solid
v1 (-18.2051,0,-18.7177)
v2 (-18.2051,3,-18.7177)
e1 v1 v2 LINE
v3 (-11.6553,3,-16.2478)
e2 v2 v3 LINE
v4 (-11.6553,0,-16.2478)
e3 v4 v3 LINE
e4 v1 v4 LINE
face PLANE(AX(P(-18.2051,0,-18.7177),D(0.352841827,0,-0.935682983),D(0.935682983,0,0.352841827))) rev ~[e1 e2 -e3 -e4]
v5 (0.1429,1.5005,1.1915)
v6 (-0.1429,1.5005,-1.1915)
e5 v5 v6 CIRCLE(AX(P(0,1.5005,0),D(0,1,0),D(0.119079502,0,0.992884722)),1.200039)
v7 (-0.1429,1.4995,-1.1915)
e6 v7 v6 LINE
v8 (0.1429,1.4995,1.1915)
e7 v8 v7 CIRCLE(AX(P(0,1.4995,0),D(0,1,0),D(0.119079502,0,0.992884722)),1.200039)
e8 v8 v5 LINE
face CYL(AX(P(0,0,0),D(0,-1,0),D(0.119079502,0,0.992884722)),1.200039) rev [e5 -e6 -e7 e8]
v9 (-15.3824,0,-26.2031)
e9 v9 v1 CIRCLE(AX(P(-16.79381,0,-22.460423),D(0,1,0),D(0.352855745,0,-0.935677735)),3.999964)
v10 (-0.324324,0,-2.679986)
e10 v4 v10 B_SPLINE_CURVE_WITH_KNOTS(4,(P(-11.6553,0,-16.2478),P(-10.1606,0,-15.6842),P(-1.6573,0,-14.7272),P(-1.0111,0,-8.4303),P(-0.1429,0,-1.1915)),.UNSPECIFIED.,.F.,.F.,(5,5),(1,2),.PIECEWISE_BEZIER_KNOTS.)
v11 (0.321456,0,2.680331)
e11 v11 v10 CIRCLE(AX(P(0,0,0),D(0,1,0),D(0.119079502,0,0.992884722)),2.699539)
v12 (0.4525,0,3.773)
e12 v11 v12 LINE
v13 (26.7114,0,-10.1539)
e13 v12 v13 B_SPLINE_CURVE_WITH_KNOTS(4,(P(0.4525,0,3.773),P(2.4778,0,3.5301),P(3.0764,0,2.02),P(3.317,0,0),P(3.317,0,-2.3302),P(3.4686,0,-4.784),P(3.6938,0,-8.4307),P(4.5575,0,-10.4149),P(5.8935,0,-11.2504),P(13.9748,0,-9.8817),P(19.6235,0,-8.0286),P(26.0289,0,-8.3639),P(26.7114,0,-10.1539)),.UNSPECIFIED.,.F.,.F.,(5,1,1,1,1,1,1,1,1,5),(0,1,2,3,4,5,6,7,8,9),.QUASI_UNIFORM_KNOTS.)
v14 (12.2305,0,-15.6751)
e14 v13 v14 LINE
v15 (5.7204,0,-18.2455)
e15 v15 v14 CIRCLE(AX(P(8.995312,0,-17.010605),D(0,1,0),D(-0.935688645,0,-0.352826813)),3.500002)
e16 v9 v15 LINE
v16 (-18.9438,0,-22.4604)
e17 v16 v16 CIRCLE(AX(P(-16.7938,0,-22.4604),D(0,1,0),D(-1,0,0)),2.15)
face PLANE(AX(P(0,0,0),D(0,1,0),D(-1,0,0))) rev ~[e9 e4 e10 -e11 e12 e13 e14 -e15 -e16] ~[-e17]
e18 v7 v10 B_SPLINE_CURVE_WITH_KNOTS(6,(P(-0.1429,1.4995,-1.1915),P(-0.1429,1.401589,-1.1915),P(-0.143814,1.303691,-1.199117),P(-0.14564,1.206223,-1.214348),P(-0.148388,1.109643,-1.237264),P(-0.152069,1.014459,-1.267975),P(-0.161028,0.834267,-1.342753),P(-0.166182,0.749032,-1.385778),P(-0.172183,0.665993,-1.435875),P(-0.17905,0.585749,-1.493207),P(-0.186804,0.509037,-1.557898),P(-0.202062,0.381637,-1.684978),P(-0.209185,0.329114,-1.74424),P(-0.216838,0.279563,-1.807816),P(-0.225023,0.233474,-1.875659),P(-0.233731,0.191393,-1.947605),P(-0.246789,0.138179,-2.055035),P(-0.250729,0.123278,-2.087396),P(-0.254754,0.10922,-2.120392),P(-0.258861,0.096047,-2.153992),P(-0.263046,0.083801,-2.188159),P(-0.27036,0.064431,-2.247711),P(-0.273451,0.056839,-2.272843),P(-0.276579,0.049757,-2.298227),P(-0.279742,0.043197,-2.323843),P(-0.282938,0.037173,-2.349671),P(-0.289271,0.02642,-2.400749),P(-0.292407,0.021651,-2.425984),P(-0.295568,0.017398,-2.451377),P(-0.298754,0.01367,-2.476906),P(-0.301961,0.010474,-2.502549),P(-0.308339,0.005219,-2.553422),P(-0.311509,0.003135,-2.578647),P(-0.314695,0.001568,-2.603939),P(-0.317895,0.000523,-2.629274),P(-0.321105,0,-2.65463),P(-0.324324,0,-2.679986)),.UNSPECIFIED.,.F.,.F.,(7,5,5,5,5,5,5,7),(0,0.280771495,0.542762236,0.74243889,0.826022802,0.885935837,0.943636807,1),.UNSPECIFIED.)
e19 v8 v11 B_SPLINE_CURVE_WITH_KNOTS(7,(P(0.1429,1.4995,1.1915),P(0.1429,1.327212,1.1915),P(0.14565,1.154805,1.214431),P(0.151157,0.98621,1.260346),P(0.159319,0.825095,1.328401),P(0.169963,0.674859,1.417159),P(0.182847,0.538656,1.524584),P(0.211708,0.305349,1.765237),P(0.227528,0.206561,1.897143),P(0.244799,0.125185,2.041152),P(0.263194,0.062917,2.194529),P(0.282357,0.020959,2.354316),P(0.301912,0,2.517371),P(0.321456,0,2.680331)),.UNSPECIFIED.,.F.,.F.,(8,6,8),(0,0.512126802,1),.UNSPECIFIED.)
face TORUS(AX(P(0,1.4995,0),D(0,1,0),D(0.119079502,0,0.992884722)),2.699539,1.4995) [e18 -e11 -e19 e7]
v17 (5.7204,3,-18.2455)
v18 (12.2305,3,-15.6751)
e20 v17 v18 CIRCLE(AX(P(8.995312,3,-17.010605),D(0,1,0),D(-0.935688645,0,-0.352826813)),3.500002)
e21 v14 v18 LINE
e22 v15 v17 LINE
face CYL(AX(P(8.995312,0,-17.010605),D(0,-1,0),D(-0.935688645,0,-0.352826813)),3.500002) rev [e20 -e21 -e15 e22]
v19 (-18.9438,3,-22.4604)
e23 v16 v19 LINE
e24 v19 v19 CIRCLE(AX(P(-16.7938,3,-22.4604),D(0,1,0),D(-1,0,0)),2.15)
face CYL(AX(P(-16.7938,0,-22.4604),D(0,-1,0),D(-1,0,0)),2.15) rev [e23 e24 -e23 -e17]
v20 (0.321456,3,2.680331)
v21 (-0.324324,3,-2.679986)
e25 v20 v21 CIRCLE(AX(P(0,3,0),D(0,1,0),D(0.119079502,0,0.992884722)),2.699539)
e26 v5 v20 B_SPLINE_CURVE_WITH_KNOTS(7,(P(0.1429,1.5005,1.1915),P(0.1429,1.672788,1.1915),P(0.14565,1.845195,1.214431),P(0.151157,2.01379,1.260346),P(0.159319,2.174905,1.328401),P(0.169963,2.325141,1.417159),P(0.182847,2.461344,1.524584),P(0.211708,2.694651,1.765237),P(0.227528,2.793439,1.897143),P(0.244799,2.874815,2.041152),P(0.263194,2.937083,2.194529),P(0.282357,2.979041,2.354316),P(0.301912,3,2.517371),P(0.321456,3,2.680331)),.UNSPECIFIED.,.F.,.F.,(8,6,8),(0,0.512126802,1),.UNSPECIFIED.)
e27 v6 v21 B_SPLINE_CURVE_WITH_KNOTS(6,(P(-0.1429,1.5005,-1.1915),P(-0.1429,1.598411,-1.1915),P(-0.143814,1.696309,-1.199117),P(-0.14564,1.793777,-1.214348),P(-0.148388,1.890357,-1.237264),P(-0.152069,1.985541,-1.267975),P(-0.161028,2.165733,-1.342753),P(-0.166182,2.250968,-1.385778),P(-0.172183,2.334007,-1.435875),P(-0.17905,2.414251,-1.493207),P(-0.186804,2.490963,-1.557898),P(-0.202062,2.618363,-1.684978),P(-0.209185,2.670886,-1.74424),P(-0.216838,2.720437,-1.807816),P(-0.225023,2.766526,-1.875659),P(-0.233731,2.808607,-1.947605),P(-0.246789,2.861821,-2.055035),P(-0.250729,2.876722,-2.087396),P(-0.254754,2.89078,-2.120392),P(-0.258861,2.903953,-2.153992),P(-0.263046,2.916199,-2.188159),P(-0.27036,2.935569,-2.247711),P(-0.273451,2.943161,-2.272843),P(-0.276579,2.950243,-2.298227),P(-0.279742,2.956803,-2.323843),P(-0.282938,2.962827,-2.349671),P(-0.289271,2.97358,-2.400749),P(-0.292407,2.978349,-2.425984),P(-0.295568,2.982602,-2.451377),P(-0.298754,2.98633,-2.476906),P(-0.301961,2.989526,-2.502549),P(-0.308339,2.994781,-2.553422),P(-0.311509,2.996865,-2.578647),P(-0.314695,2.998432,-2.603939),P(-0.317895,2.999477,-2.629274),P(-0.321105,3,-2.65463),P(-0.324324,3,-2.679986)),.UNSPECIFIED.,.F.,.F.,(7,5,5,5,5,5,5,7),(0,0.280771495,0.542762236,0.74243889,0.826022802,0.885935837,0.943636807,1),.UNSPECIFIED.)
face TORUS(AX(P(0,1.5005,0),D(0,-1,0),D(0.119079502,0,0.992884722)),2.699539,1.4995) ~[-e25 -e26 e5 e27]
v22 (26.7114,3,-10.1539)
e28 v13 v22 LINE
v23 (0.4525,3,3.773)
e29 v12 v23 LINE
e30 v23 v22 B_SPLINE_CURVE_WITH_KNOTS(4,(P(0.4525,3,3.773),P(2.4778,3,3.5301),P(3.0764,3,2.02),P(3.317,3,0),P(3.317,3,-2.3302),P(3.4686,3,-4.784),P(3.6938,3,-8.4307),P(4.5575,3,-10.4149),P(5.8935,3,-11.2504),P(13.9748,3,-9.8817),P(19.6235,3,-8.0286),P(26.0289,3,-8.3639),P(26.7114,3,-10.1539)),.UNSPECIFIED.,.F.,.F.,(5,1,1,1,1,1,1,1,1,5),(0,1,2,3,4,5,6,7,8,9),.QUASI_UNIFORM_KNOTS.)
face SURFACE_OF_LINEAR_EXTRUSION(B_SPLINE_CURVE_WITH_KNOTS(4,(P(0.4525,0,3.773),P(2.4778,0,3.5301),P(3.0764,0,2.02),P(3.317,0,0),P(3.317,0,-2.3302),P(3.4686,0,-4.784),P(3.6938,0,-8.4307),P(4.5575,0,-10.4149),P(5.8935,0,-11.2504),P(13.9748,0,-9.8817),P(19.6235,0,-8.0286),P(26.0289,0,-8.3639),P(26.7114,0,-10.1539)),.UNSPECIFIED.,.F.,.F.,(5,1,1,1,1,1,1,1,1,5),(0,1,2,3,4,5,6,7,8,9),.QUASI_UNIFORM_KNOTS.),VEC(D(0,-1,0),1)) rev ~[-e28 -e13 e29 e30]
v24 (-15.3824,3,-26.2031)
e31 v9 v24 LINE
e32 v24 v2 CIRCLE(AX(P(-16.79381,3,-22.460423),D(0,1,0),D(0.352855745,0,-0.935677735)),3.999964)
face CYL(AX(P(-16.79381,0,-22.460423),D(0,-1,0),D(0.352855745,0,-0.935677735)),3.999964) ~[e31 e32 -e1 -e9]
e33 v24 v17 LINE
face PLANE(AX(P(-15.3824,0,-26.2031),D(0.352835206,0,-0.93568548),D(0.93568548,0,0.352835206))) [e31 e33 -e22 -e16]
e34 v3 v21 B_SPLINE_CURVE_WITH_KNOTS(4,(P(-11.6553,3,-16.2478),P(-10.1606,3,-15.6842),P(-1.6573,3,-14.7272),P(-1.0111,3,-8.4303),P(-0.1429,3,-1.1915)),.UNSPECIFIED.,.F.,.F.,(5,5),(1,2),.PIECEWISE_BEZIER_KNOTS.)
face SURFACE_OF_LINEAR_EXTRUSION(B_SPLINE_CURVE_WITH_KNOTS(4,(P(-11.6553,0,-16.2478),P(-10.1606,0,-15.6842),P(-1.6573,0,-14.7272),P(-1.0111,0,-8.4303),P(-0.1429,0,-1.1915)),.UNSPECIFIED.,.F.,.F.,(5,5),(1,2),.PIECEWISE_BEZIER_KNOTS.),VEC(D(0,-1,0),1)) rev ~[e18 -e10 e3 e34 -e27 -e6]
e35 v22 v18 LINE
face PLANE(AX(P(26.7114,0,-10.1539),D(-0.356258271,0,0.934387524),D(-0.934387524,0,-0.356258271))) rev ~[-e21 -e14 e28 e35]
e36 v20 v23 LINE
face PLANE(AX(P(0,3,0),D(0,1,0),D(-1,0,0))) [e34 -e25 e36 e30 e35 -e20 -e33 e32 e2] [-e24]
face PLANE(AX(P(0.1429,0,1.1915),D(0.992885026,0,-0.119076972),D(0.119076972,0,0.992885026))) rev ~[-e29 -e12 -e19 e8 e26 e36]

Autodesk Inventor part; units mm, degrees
ref_plane "YZ Plane" through (0, 0, 0) normal (1, 0, 0) x (0, 1, 0)
sketch "Sketch1" plane through (0, 0, 0) normal (0, 1, 0) x (-1, 0, 0)
  circle A0 centre (16.7938, -22.4604) radius 2.15
  arc A1 (-5.7204, -18.2455) -> (-12.2305, -15.6751) centre (-8.9953, -17.0106) ccw
  line L0 (16.7938, -22.4604) -> (-8.9953, -17.0106) construction
  circle A2 centre (-20.5, 0) radius 2
  line L1 (16.7938, -22.4604) -> (-20.5, 0) construction
  arc A3 (15.3824, -26.2031) -> (18.2051, -18.7177) centre (16.7938, -22.4604) ccw
  line L2 (18.2051, -18.7177) -> (11.6553, -16.2478)
  line L3 (-8.9953, -17.0106) -> (-20.5, 0) construction
  line L4 (15.3824, -26.2031) -> (-5.7204, -18.2455)
  line L5 (0, 0) -> (41.7929, 0) construction
  arc A4 (-20.5, 0) -> (-26.6955, -20.4661) centre (16.7938, -22.4604) ccw construction
  line L6 (-31.9485, -28.1003) -> (-25.4326, -11.0103) construction
  arc A5 (-0.1429, 1.1915) -> (0.1429, -1.1915) centre (0, 0) ccw
  line L7 (11.6553, -16.2478) -> (10.1606, -15.6842) construction
  line L8 (10.1606, -15.6842) -> (1.6573, -14.7272) construction
  line L9 (1.6573, -14.7272) -> (1.0111, -8.4303) construction
  line L10 (1.0111, -8.4303) -> (0.1429, -1.1915) construction
  spline S0 degree 4 poles (11.6553, -16.2478) (10.1606, -15.6842) (1.6573, -14.7272) (1.0111, -8.4303) (0.1429, -1.1915) knots 1 1 1 1 1 2 2 2 2 2
  line L11 (0.1429, -1.1915) -> (-0.1429, 1.1915) construction
  line L12 (-0.1429, 1.1915) -> (-0.4525, 3.773)
  line L13 (-20.5, 0) -> (0, 0) construction
  line L14 (-0.4525, 3.773) -> (-2.4778, 3.5301) construction
  line L15 (-2.4778, 3.5301) -> (-3.0764, 2.02) construction
  line L16 (-3.0764, 2.02) -> (-3.317, 0) construction
  line L17 (-3.317, 0) -> (-3.317, -2.3302) construction
  line L18 (-3.317, -2.3302) -> (-3.4686, -4.784) construction
  line L19 (-3.4686, -4.784) -> (-3.6938, -8.4307) construction
  line L20 (-3.6938, -8.4307) -> (-4.5575, -10.4149) construction
  line L21 (-4.5575, -10.4149) -> (-5.8935, -11.2504) construction
  line L22 (-5.8935, -11.2504) -> (-13.9748, -9.8817) construction
  line L23 (-13.9748, -9.8817) -> (-19.6235, -8.0286) construction
  line L24 (-19.6235, -8.0286) -> (-26.0289, -8.3639) construction
  line L25 (-26.0289, -8.3639) -> (-26.7114, -10.1539) construction
  spline S1 degree 4 poles (-0.4525, 3.773) (-2.4778, 3.5301) (-3.0764, 2.02) (-3.317, 0) (-3.317, -2.3302) (-3.4686, -4.784) (-3.6938, -8.4307) (-4.5575, -10.4149) (-5.8935, -11.2504) (-13.9748, -9.8817) (-19.6235, -8.0286) (-26.0289, -8.3639) (-26.7114, -10.1539) knots 0 0 0 0 0 1 2 3 4 5 6 7 8 9 9 9 9 9
  line L26 (16.7938, -22.4604) -> (7.1324, -18.8172) construction
  line L27 (-26.7114, -10.1539) -> (-12.2305, -15.6751)
  dimension "d1" = 7
  dimension "d2" = 26.3586
  dimension "d3" = 4
  dimension "d4" = 43.535
  dimension "d5" = 4
  dimension "d6" = 20.5358
  dimension "d7" = 7
  dimension "d9" = 1.5
  dimension "d10" = 1.2
  dimension "d21" = 17.3
  dimension "d22" = 2.6
  dimension "d23" = 117.5
  dimension "d24" = 4.3
extrude "Extrusion1" add sketch "Sketch1" along normal blind 3 contours A1 L27 S1 L12 A5 S0 L2 A3 L4
fillet "Fillet3" radius 1.5 2 edges at (1.1915, 3, -0.1429) (1.1915, 0, -0.1429)
ref_plane "Work Plane1" through (0, 1.5, 0) normal (0, 1, 0) x (1, 0, 0)
ref_plane "Work Plane2" through (20.5, 0, 0) normal (0, 0, 1) x (-1, 0, 0)
sketch "Sketch3" plane through (20.5, 0, 0) normal (0, 0, 1) x (-1, 0, 0)
  arc A0 (17.8, -3) -> (17.8, 0) centre (17.8, -1.5) ccw projected
  point P0 (20.5, 0)
properties part number "Springy"
